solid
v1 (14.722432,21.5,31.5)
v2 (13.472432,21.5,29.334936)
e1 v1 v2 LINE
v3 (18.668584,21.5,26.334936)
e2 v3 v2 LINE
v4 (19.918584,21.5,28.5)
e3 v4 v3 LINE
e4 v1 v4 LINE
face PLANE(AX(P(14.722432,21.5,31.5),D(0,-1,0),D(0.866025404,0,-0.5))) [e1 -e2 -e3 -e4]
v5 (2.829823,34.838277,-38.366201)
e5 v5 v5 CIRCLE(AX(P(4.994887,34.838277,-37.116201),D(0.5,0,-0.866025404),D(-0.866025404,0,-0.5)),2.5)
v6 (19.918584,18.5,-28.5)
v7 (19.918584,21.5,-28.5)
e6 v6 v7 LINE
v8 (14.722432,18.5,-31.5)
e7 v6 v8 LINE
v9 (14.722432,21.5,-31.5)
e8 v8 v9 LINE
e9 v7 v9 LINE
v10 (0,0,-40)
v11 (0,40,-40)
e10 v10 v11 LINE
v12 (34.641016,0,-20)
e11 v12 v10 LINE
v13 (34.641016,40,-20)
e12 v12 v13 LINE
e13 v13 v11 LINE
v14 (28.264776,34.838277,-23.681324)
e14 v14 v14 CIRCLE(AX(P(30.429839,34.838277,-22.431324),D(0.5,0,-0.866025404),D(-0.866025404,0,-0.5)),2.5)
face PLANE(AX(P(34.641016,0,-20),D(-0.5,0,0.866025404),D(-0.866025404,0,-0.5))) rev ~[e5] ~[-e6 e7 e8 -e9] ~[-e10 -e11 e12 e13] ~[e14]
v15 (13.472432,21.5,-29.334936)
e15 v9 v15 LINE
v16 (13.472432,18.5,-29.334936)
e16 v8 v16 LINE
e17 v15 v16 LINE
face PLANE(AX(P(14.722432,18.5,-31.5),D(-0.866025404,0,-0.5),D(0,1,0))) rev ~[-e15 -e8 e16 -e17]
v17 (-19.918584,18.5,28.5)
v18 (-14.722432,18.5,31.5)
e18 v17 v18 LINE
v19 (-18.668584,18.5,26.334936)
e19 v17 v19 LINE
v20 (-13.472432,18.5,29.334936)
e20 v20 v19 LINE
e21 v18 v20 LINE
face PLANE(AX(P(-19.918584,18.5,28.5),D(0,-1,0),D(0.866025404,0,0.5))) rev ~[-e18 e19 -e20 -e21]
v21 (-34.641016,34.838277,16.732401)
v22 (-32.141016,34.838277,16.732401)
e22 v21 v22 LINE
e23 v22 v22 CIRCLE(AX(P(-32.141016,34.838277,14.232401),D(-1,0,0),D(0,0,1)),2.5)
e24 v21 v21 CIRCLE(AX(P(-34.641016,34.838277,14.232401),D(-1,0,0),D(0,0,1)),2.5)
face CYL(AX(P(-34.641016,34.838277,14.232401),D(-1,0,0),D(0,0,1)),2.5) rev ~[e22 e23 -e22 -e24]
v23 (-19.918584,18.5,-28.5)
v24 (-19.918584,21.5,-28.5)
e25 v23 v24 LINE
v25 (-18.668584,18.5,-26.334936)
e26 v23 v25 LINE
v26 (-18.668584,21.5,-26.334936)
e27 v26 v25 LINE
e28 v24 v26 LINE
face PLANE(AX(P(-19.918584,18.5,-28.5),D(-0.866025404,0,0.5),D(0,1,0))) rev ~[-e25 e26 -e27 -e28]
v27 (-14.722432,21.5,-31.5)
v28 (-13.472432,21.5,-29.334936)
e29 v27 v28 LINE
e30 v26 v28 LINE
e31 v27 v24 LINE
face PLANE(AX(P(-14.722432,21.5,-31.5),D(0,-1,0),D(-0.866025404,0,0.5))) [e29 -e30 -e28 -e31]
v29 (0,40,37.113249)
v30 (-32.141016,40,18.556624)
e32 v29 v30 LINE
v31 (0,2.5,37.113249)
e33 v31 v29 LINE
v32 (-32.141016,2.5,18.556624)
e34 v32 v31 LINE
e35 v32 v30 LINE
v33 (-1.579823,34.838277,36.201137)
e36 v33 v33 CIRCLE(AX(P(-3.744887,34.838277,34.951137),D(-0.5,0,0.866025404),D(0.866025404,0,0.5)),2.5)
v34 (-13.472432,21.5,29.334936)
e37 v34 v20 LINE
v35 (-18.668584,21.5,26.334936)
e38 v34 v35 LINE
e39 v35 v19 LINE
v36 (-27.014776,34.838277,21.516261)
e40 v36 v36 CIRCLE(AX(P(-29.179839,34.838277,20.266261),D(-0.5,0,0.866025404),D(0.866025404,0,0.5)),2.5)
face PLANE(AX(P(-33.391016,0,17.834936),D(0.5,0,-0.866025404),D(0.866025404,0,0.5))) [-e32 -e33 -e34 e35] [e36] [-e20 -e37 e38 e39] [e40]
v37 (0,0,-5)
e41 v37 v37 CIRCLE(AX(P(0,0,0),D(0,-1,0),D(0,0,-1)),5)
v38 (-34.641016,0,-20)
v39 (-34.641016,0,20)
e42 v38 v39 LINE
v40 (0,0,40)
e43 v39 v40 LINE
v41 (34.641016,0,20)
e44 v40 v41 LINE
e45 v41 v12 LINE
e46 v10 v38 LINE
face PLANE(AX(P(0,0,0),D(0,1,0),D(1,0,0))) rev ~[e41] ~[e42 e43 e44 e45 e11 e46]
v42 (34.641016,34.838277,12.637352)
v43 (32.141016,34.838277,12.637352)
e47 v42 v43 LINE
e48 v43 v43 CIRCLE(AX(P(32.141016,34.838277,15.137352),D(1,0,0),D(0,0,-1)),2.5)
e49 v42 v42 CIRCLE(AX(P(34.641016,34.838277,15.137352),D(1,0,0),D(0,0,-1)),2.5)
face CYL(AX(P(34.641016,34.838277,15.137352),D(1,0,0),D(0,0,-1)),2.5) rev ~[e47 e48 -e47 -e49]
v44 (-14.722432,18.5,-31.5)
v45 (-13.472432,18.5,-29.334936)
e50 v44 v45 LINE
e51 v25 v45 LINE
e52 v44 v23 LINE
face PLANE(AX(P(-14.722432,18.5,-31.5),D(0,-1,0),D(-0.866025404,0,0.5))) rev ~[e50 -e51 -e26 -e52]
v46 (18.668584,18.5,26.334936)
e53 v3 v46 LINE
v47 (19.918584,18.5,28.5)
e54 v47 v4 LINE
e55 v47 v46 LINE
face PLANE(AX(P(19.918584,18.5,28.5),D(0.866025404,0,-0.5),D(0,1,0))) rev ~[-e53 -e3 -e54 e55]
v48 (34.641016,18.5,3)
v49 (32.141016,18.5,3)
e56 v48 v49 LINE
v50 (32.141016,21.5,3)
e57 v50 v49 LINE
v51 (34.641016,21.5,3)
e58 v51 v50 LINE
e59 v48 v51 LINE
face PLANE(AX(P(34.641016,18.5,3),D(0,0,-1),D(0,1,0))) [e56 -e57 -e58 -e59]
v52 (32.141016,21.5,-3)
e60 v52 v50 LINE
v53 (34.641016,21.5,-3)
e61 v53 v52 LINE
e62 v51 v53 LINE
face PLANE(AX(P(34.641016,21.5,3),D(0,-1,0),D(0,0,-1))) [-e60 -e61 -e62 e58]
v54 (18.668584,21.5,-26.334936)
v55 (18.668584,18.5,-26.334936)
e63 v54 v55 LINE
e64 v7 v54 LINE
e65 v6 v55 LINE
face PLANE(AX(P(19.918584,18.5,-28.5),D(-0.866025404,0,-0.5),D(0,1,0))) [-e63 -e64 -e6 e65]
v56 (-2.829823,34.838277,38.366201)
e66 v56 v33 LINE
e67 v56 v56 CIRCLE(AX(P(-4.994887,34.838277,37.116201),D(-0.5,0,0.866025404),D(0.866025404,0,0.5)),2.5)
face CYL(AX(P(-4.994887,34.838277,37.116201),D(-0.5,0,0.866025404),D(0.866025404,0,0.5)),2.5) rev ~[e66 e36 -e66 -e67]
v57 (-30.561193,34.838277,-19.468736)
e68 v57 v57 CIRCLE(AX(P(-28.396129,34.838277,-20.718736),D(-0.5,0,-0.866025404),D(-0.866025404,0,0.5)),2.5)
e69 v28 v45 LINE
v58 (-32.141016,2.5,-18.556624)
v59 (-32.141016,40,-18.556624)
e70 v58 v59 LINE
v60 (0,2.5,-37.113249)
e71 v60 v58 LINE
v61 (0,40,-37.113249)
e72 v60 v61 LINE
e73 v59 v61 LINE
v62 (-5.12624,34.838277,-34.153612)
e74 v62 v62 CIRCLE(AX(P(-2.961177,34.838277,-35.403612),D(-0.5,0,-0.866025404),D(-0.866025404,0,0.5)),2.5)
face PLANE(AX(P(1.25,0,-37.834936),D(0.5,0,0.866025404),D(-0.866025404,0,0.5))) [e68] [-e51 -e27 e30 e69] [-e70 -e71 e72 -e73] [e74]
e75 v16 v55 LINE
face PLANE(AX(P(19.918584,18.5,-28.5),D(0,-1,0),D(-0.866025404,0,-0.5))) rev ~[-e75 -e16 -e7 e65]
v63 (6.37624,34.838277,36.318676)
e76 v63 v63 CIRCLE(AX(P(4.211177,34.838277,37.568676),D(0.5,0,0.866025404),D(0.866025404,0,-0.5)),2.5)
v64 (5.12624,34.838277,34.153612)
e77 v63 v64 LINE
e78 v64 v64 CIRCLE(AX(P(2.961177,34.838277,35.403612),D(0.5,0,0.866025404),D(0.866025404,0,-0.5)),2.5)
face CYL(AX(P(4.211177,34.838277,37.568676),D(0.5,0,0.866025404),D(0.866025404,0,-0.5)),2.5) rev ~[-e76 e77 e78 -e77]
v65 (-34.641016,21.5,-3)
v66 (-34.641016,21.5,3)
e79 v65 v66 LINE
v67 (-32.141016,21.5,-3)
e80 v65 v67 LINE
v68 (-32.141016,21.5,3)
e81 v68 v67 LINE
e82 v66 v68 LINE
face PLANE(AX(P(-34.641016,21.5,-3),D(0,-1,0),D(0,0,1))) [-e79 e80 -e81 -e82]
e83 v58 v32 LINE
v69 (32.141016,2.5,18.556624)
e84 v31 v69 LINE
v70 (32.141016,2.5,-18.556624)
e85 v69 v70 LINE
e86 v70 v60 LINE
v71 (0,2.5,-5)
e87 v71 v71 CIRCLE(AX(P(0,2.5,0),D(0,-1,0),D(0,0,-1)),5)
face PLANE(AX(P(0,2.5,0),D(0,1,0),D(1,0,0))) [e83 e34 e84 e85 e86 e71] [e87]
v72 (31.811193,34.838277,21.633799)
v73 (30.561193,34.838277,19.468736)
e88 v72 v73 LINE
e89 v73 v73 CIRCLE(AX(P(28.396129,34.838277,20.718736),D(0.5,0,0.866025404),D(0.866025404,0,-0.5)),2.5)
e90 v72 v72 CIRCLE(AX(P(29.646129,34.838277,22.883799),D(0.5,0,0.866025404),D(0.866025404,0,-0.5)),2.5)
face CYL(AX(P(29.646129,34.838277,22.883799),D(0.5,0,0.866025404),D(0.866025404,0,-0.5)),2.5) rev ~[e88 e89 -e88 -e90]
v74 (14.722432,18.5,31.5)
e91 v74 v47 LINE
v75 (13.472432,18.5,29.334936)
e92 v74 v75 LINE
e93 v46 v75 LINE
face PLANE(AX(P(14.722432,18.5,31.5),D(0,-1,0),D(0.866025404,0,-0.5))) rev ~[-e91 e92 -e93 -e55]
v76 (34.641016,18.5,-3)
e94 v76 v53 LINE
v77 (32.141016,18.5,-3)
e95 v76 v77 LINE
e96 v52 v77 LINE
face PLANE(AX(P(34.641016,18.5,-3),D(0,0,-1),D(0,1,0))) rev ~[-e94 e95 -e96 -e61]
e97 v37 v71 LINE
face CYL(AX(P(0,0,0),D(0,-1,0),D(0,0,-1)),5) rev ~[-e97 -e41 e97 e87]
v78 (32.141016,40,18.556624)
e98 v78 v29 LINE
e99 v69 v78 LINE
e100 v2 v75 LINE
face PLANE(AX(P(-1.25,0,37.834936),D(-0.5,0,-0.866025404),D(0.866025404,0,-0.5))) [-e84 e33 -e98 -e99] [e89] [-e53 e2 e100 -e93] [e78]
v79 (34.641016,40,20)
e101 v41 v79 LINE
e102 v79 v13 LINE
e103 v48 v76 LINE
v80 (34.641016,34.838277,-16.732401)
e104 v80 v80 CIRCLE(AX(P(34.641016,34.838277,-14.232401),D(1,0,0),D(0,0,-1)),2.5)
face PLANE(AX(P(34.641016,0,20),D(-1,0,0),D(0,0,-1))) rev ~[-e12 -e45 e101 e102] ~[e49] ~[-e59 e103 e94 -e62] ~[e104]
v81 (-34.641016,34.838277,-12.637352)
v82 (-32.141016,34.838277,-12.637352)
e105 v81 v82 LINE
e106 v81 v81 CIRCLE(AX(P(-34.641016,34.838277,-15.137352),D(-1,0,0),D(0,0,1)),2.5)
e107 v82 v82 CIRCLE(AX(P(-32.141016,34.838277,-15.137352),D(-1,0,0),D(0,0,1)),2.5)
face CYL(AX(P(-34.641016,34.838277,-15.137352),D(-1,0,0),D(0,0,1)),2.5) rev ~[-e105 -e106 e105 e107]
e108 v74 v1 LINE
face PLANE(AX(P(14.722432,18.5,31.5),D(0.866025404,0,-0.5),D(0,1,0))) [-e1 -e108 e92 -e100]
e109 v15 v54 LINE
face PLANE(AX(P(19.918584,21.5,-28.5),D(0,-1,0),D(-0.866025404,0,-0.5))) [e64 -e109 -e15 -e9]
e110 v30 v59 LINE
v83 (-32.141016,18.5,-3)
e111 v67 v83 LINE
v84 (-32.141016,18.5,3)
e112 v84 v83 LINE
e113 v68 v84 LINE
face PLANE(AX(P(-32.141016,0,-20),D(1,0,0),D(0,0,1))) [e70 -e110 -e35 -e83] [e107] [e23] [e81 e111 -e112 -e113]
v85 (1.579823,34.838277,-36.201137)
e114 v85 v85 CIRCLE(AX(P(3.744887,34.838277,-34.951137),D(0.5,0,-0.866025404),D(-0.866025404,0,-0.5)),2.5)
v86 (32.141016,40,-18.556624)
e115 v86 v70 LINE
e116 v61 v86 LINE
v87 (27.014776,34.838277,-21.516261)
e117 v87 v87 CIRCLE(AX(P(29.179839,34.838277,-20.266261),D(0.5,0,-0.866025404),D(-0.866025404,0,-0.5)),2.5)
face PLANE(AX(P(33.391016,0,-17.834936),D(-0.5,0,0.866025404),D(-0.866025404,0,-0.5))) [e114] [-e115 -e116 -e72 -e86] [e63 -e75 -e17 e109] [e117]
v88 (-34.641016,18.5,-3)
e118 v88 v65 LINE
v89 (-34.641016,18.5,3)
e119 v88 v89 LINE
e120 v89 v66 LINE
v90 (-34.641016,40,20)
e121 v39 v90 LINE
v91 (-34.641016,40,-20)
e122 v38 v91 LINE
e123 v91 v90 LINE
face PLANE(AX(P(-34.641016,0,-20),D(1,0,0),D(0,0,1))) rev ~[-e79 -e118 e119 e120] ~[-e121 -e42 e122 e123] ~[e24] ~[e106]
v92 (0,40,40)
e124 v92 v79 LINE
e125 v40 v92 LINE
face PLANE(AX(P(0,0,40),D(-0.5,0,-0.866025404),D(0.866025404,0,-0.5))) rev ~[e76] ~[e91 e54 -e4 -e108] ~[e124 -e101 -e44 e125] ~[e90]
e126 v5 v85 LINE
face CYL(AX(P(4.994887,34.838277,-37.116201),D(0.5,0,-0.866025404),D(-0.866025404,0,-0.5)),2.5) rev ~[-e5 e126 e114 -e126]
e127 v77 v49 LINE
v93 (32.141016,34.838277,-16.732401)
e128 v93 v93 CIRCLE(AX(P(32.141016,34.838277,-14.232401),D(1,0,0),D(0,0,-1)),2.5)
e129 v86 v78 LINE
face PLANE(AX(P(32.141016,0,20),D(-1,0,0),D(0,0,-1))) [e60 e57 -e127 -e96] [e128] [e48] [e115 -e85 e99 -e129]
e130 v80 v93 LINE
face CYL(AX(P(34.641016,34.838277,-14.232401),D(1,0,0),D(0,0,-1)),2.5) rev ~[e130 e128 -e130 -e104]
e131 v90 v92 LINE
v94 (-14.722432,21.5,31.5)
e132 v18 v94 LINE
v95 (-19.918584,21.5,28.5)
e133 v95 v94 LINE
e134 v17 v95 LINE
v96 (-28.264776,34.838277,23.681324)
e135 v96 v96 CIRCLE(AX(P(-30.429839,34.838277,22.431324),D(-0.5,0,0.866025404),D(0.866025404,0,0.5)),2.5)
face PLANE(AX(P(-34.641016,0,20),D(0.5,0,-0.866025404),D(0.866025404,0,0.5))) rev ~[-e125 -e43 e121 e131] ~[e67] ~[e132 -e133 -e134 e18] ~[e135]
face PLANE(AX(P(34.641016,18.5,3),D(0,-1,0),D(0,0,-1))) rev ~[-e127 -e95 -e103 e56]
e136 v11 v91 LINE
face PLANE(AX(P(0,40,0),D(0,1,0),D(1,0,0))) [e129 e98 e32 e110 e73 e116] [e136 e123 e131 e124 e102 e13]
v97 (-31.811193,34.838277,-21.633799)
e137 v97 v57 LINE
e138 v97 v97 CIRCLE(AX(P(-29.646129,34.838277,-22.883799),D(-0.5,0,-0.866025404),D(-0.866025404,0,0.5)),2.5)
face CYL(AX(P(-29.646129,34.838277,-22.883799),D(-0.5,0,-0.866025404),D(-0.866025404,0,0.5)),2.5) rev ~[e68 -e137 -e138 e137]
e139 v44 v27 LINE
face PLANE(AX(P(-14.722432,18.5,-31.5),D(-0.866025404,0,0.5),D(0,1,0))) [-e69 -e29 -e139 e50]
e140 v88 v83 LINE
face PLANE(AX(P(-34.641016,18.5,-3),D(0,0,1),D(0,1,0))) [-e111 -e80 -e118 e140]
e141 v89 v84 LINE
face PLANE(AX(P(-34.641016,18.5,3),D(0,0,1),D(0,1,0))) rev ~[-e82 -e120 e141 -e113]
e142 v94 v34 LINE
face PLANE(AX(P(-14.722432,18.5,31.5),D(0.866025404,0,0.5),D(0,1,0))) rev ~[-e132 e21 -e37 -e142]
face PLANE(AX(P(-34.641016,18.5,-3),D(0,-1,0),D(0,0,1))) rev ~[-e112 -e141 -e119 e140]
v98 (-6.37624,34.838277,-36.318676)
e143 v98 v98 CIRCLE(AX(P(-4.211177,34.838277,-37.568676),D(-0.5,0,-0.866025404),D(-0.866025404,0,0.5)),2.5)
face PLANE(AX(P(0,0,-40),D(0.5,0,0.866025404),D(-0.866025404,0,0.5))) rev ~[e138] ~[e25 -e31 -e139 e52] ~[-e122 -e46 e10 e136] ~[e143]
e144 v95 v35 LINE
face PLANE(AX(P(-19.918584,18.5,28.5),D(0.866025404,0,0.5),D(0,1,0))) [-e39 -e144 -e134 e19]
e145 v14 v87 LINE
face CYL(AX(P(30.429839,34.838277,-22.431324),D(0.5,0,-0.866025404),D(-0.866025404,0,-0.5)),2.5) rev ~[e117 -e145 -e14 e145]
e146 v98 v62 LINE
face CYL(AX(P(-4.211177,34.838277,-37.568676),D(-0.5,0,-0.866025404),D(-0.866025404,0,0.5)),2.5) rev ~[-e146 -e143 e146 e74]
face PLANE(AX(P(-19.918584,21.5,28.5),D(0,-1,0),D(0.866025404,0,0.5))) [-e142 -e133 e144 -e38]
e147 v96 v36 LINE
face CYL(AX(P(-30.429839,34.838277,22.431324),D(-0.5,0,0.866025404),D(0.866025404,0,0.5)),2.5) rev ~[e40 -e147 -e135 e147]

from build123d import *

# Parameters (mm, degrees)
BOSS_EXTRUDE1_DEPTH = 40
SHELL1_T            = -2.5
SKETCH2_R           = 5
CUT_EXTRUDE1_DEPTH  = 40
SKETCH3_R           = 2.5
CUT_EXTRUDE2_DEPTH  = 2.5
SKETCH4_W           = 6
SKETCH4_H           = 3
CUT_EXTRUDE3_DEPTH  = 40
CIRPATTERN1_COUNT   = 6


with BuildPart() as part:
    # Sketch1 → Boss-Extrude1 (new body)
    with BuildSketch(Plane(origin=(0, 0, 0), x_dir=(1, 0, 0), z_dir=(0, 1, 0))):
        Polygon((34.641016151, 20), (0, 40), (-34.641016151, 20), (-34.641016151, -20), (0, -40), (34.641016151, -20), align=None)
    extrude(amount=BOSS_EXTRUDE1_DEPTH)

    # Shell1
    shell1_openings = [part.faces().sort_by_distance(p)[0] for p in [
        (0, 40, 0),
    ]]
    offset(amount=SHELL1_T, openings=shell1_openings, kind=Kind.INTERSECTION)

    # Sketch2 → Cut-Extrude1 (cut)
    with BuildSketch(Plane.XZ):
        with Locations(Location((0, 0, 0), (0, 0, 270))):
            Circle(SKETCH2_R)
    extrude(amount=-CUT_EXTRUDE1_DEPTH, mode=Mode.SUBTRACT)

    # Sketch3 → Cut-Extrude2 (cut)
    with BuildSketch(Plane.ZY.offset(34.641016151)):
        with Locations((-15.137351835, 34.838276852)):
            Circle(SKETCH3_R)
        with Locations((14.232401454, 34.838276852)):
            Circle(SKETCH3_R)
    cut_extrude2 = extrude(amount=-CUT_EXTRUDE2_DEPTH, mode=Mode.SUBTRACT)

    # Sketch4 → Cut-Extrude3 (cut)
    with BuildSketch(Plane.ZY.offset(34.641016151)):
        with Locations((0, 20)):
            Rectangle(SKETCH4_W, SKETCH4_H)
    cut_extrude3 = extrude(amount=-CUT_EXTRUDE3_DEPTH, mode=Mode.SUBTRACT)

    # CirPattern1: Cut-Extrude2, Cut-Extrude3 ×6 about axis
    cirpattern1_axis = Axis((0, 0, 0), (0, 1, 0))
    add([cut_extrude2.rotate(cirpattern1_axis, i * 360 / CIRPATTERN1_COUNT) for i in range(1, CIRPATTERN1_COUNT)], mode=Mode.SUBTRACT)
    add([cut_extrude3.rotate(cirpattern1_axis, i * 360 / CIRPATTERN1_COUNT) for i in range(1, CIRPATTERN1_COUNT)], mode=Mode.SUBTRACT)


solid = part.part
